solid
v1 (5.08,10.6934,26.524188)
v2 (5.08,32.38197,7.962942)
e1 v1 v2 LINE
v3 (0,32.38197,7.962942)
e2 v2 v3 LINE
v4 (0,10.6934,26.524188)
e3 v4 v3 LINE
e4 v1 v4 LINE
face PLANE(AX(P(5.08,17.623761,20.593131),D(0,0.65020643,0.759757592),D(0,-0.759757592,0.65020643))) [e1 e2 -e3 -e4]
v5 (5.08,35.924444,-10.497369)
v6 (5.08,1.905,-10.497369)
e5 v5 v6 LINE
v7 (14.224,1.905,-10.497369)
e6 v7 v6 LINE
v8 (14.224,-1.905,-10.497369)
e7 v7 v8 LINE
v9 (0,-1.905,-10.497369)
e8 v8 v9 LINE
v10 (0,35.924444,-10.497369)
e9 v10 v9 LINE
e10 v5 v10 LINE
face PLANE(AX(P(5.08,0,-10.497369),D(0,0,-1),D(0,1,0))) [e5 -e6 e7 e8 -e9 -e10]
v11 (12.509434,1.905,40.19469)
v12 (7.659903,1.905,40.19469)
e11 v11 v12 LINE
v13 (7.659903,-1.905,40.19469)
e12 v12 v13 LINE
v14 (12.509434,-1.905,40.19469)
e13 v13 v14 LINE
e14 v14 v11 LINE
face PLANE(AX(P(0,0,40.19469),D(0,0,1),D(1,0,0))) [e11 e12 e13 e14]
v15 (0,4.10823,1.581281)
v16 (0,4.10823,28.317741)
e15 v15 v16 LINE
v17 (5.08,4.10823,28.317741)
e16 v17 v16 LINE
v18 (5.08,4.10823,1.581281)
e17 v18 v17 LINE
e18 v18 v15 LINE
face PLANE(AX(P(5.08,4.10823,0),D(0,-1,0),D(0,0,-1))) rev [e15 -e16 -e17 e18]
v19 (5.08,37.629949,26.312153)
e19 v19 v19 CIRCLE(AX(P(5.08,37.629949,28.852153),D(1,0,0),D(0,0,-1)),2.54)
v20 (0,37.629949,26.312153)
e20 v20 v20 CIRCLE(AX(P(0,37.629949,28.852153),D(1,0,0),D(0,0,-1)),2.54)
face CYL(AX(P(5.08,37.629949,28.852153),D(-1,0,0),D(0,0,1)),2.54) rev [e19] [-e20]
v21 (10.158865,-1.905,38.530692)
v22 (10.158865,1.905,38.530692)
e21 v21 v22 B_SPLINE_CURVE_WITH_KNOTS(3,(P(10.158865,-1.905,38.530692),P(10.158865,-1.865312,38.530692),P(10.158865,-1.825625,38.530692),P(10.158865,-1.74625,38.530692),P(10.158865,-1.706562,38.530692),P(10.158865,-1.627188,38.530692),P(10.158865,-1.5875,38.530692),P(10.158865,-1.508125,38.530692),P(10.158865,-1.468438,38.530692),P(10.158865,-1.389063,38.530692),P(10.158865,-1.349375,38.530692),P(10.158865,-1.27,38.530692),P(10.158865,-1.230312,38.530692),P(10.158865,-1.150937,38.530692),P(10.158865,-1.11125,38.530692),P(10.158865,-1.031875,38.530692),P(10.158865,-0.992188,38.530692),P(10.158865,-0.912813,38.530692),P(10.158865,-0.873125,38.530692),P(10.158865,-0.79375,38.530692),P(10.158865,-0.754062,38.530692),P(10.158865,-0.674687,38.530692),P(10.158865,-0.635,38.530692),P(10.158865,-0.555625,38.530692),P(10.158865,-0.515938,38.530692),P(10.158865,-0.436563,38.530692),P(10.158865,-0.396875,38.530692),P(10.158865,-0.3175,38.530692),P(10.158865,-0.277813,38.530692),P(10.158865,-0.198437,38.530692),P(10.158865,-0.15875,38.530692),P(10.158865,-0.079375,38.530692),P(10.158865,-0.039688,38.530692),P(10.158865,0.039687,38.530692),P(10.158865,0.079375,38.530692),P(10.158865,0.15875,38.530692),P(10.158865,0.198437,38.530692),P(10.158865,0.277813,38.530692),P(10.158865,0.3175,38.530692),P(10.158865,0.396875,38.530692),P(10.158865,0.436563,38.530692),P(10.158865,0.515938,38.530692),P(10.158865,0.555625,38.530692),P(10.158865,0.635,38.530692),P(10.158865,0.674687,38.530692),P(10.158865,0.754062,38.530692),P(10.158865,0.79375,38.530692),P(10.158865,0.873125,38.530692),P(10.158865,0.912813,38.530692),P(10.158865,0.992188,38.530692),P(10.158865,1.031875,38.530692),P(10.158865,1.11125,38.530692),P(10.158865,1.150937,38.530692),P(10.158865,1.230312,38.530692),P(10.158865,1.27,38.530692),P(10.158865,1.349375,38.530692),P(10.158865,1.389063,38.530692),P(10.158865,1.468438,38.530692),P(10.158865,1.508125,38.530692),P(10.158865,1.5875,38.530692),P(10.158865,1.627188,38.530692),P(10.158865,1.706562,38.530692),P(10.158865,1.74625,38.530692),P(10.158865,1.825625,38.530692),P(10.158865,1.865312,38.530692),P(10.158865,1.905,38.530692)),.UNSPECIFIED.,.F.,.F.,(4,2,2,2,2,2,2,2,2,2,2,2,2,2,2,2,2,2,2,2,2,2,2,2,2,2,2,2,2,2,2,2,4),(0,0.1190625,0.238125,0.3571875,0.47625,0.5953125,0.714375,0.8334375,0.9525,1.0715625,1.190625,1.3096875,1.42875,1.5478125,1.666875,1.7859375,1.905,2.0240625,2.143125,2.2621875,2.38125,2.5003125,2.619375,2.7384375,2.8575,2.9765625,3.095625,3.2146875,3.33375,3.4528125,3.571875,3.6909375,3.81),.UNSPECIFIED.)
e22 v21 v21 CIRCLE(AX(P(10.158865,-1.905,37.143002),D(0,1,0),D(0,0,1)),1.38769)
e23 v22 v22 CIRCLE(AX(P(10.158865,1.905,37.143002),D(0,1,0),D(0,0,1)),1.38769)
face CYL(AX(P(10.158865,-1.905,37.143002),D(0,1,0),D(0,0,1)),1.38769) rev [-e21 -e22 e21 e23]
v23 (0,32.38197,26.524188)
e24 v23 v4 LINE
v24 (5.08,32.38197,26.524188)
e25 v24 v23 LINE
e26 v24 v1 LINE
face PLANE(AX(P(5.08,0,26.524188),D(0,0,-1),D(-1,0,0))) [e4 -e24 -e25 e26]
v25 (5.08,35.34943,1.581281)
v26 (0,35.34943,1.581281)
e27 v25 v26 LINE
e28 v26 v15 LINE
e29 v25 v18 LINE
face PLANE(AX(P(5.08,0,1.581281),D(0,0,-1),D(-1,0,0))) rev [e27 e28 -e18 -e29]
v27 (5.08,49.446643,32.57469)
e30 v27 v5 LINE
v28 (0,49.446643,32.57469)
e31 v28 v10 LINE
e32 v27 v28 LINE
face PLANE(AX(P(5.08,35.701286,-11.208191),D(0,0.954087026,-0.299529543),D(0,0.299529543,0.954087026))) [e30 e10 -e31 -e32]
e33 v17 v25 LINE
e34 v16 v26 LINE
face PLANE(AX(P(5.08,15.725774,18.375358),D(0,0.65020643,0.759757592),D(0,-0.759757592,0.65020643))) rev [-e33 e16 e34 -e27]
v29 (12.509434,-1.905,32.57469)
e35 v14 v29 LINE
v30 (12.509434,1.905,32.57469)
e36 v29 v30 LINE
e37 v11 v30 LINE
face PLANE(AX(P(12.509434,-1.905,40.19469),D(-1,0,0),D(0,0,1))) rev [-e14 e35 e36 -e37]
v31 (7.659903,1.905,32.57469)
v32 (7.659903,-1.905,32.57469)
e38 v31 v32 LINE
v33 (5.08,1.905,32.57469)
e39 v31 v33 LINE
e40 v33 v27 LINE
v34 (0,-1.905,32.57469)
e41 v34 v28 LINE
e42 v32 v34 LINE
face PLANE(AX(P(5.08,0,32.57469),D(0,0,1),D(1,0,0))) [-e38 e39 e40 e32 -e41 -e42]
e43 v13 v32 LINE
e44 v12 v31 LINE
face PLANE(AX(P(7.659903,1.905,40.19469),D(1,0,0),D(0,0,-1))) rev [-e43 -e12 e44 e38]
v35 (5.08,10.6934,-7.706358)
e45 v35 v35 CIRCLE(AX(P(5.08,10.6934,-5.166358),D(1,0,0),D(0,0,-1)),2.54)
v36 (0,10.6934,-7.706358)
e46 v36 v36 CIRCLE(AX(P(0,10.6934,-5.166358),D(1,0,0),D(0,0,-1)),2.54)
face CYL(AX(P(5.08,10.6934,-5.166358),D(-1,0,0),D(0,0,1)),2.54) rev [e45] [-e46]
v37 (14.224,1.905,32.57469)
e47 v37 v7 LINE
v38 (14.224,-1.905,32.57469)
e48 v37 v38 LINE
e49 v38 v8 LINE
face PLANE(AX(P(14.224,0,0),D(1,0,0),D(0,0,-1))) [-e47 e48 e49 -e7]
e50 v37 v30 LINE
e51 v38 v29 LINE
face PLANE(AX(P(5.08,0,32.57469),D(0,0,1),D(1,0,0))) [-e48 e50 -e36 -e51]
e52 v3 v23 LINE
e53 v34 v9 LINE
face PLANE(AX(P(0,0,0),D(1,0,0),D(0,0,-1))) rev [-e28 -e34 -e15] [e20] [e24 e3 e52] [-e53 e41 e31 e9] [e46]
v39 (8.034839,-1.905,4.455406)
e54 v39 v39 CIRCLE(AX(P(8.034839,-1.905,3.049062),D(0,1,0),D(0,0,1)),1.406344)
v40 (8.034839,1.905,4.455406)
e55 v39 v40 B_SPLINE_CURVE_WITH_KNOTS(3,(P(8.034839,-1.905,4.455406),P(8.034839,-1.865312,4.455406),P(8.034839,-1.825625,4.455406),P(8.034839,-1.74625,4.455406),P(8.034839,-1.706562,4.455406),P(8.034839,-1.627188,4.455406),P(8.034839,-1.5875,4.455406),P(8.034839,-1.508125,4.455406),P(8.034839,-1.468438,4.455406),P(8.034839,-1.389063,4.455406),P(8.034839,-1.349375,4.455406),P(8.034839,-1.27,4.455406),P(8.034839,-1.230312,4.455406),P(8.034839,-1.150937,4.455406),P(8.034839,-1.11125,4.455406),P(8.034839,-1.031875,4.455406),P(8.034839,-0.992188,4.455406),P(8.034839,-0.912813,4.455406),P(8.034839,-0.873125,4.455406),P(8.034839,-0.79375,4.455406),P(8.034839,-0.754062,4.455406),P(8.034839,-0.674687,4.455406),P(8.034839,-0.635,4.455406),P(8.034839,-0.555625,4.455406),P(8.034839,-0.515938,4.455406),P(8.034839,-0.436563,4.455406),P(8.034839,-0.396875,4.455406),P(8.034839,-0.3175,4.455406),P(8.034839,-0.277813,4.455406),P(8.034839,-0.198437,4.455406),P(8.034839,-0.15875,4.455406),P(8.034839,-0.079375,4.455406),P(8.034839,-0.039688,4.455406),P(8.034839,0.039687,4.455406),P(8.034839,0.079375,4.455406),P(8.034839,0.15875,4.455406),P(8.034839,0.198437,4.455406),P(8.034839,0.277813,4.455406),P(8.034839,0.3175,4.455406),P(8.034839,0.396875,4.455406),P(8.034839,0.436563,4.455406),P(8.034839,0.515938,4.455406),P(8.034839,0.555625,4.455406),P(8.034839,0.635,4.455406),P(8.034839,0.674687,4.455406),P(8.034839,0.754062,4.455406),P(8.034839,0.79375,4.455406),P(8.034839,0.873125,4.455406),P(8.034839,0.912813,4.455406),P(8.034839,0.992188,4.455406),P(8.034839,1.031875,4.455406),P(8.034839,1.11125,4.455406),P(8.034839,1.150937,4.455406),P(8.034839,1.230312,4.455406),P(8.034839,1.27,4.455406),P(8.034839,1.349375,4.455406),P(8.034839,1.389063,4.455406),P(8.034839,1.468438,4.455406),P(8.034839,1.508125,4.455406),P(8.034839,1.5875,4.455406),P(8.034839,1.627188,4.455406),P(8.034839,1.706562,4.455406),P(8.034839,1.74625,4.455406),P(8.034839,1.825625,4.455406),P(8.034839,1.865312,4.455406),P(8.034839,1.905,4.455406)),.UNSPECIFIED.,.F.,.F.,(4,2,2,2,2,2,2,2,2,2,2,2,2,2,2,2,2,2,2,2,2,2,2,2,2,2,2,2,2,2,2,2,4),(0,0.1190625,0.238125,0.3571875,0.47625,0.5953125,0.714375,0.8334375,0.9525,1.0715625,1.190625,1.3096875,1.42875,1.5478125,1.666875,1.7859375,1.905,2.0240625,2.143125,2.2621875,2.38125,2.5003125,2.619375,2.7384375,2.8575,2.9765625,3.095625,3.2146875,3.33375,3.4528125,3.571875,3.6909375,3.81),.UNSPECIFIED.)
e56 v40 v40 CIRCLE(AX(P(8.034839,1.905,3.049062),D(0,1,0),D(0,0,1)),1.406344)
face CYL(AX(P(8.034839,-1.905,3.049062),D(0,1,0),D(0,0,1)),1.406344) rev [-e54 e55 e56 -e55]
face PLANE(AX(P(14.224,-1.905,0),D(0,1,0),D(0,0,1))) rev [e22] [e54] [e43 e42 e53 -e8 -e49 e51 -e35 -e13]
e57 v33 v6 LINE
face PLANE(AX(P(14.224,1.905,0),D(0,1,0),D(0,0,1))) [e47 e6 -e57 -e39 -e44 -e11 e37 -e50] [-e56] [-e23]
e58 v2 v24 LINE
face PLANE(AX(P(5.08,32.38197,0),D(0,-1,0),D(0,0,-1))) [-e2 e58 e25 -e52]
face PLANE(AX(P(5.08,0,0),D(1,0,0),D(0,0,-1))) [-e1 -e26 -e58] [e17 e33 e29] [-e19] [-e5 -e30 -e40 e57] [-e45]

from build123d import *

# Parameters (mm, degrees)
SKETCH2_R           = 2.54
BOSS_EXTRUDE1_DEPTH = 5.08
SKETCH2_3_W         = 43.072058764
SKETCH2_3_H         = 3.81
BOSS_EXTRUDE2_DEPTH = 14.224
SKETCH3_R           = 1.40634392
CUT_EXTRUDE1_DEPTH  = 60.360259481
SKETCH4_W           = 4.849530786
SKETCH4_H           = 3.81
BOSS_EXTRUDE3_DEPTH = 7.62
SKETCH5_R           = 1.38768984
CUT_EXTRUDE2_DEPTH  = 64.860340465


with BuildPart() as part:
    # Sketch2 → Boss-Extrude1 (new body)
    with BuildSketch(Plane(origin=(0, 0, 0), x_dir=(0, 0, -1), z_dir=(1, 0, 0))):
        Polygon((-32.574690201, 49.446642672), (-32.574690201, 1.905), (10.497368563, 1.905), (10.497368563, 35.924444265), align=None)
        Polygon((-26.524187902, 10.6934), (-26.524187902, 32.381969715), (-7.962941991, 32.381969715), align=None, mode=Mode.SUBTRACT)
        Polygon((-28.317741421, 4.108230491), (-1.581280818, 35.349430166), (-1.581280818, 4.108230491), align=None, mode=Mode.SUBTRACT)
        with Locations((5.166357723, 10.6934)):
            Circle(SKETCH2_R, mode=Mode.SUBTRACT)
        with Locations((-28.852153042, 37.629948803)):
            Circle(SKETCH2_R, mode=Mode.SUBTRACT)
    extrude(amount=BOSS_EXTRUDE1_DEPTH)

    # Sketch2<3> → Boss-Extrude2 (add)
    with BuildSketch(Plane(origin=(0, 0, 0), x_dir=(0, 0, -1), z_dir=(1, 0, 0))):
        with Locations((-11.038660819, 0)):
            Rectangle(SKETCH2_3_W, SKETCH2_3_H)
    extrude(amount=BOSS_EXTRUDE2_DEPTH)

    # Sketch3 → Cut-Extrude1 (cut, through all)
    with BuildSketch(Plane(origin=(0, 1.905, 0), x_dir=(1, 0, 0), z_dir=(0, 1, 0))):
        with Locations((8.034839411, -3.04906194)):
            Circle(SKETCH3_R)
    extrude(amount=-CUT_EXTRUDE1_DEPTH, mode=Mode.SUBTRACT)

    # Sketch4 → Boss-Extrude3 (add)
    with BuildSketch(Plane.XY.offset(32.574690201)):
        with Locations((10.0846687, 0)):
            Rectangle(SKETCH4_W, SKETCH4_H)
    extrude(amount=BOSS_EXTRUDE3_DEPTH)

    # Sketch5 → Cut-Extrude2 (cut, through all)
    with BuildSketch(Plane(origin=(0, 1.905, 0), x_dir=(1, 0, 0), z_dir=(0, 1, 0))):
        with Locations((10.158864626, -37.143001749)):
            Circle(SKETCH5_R)
    extrude(amount=-CUT_EXTRUDE2_DEPTH, mode=Mode.SUBTRACT)


solid = part.part
